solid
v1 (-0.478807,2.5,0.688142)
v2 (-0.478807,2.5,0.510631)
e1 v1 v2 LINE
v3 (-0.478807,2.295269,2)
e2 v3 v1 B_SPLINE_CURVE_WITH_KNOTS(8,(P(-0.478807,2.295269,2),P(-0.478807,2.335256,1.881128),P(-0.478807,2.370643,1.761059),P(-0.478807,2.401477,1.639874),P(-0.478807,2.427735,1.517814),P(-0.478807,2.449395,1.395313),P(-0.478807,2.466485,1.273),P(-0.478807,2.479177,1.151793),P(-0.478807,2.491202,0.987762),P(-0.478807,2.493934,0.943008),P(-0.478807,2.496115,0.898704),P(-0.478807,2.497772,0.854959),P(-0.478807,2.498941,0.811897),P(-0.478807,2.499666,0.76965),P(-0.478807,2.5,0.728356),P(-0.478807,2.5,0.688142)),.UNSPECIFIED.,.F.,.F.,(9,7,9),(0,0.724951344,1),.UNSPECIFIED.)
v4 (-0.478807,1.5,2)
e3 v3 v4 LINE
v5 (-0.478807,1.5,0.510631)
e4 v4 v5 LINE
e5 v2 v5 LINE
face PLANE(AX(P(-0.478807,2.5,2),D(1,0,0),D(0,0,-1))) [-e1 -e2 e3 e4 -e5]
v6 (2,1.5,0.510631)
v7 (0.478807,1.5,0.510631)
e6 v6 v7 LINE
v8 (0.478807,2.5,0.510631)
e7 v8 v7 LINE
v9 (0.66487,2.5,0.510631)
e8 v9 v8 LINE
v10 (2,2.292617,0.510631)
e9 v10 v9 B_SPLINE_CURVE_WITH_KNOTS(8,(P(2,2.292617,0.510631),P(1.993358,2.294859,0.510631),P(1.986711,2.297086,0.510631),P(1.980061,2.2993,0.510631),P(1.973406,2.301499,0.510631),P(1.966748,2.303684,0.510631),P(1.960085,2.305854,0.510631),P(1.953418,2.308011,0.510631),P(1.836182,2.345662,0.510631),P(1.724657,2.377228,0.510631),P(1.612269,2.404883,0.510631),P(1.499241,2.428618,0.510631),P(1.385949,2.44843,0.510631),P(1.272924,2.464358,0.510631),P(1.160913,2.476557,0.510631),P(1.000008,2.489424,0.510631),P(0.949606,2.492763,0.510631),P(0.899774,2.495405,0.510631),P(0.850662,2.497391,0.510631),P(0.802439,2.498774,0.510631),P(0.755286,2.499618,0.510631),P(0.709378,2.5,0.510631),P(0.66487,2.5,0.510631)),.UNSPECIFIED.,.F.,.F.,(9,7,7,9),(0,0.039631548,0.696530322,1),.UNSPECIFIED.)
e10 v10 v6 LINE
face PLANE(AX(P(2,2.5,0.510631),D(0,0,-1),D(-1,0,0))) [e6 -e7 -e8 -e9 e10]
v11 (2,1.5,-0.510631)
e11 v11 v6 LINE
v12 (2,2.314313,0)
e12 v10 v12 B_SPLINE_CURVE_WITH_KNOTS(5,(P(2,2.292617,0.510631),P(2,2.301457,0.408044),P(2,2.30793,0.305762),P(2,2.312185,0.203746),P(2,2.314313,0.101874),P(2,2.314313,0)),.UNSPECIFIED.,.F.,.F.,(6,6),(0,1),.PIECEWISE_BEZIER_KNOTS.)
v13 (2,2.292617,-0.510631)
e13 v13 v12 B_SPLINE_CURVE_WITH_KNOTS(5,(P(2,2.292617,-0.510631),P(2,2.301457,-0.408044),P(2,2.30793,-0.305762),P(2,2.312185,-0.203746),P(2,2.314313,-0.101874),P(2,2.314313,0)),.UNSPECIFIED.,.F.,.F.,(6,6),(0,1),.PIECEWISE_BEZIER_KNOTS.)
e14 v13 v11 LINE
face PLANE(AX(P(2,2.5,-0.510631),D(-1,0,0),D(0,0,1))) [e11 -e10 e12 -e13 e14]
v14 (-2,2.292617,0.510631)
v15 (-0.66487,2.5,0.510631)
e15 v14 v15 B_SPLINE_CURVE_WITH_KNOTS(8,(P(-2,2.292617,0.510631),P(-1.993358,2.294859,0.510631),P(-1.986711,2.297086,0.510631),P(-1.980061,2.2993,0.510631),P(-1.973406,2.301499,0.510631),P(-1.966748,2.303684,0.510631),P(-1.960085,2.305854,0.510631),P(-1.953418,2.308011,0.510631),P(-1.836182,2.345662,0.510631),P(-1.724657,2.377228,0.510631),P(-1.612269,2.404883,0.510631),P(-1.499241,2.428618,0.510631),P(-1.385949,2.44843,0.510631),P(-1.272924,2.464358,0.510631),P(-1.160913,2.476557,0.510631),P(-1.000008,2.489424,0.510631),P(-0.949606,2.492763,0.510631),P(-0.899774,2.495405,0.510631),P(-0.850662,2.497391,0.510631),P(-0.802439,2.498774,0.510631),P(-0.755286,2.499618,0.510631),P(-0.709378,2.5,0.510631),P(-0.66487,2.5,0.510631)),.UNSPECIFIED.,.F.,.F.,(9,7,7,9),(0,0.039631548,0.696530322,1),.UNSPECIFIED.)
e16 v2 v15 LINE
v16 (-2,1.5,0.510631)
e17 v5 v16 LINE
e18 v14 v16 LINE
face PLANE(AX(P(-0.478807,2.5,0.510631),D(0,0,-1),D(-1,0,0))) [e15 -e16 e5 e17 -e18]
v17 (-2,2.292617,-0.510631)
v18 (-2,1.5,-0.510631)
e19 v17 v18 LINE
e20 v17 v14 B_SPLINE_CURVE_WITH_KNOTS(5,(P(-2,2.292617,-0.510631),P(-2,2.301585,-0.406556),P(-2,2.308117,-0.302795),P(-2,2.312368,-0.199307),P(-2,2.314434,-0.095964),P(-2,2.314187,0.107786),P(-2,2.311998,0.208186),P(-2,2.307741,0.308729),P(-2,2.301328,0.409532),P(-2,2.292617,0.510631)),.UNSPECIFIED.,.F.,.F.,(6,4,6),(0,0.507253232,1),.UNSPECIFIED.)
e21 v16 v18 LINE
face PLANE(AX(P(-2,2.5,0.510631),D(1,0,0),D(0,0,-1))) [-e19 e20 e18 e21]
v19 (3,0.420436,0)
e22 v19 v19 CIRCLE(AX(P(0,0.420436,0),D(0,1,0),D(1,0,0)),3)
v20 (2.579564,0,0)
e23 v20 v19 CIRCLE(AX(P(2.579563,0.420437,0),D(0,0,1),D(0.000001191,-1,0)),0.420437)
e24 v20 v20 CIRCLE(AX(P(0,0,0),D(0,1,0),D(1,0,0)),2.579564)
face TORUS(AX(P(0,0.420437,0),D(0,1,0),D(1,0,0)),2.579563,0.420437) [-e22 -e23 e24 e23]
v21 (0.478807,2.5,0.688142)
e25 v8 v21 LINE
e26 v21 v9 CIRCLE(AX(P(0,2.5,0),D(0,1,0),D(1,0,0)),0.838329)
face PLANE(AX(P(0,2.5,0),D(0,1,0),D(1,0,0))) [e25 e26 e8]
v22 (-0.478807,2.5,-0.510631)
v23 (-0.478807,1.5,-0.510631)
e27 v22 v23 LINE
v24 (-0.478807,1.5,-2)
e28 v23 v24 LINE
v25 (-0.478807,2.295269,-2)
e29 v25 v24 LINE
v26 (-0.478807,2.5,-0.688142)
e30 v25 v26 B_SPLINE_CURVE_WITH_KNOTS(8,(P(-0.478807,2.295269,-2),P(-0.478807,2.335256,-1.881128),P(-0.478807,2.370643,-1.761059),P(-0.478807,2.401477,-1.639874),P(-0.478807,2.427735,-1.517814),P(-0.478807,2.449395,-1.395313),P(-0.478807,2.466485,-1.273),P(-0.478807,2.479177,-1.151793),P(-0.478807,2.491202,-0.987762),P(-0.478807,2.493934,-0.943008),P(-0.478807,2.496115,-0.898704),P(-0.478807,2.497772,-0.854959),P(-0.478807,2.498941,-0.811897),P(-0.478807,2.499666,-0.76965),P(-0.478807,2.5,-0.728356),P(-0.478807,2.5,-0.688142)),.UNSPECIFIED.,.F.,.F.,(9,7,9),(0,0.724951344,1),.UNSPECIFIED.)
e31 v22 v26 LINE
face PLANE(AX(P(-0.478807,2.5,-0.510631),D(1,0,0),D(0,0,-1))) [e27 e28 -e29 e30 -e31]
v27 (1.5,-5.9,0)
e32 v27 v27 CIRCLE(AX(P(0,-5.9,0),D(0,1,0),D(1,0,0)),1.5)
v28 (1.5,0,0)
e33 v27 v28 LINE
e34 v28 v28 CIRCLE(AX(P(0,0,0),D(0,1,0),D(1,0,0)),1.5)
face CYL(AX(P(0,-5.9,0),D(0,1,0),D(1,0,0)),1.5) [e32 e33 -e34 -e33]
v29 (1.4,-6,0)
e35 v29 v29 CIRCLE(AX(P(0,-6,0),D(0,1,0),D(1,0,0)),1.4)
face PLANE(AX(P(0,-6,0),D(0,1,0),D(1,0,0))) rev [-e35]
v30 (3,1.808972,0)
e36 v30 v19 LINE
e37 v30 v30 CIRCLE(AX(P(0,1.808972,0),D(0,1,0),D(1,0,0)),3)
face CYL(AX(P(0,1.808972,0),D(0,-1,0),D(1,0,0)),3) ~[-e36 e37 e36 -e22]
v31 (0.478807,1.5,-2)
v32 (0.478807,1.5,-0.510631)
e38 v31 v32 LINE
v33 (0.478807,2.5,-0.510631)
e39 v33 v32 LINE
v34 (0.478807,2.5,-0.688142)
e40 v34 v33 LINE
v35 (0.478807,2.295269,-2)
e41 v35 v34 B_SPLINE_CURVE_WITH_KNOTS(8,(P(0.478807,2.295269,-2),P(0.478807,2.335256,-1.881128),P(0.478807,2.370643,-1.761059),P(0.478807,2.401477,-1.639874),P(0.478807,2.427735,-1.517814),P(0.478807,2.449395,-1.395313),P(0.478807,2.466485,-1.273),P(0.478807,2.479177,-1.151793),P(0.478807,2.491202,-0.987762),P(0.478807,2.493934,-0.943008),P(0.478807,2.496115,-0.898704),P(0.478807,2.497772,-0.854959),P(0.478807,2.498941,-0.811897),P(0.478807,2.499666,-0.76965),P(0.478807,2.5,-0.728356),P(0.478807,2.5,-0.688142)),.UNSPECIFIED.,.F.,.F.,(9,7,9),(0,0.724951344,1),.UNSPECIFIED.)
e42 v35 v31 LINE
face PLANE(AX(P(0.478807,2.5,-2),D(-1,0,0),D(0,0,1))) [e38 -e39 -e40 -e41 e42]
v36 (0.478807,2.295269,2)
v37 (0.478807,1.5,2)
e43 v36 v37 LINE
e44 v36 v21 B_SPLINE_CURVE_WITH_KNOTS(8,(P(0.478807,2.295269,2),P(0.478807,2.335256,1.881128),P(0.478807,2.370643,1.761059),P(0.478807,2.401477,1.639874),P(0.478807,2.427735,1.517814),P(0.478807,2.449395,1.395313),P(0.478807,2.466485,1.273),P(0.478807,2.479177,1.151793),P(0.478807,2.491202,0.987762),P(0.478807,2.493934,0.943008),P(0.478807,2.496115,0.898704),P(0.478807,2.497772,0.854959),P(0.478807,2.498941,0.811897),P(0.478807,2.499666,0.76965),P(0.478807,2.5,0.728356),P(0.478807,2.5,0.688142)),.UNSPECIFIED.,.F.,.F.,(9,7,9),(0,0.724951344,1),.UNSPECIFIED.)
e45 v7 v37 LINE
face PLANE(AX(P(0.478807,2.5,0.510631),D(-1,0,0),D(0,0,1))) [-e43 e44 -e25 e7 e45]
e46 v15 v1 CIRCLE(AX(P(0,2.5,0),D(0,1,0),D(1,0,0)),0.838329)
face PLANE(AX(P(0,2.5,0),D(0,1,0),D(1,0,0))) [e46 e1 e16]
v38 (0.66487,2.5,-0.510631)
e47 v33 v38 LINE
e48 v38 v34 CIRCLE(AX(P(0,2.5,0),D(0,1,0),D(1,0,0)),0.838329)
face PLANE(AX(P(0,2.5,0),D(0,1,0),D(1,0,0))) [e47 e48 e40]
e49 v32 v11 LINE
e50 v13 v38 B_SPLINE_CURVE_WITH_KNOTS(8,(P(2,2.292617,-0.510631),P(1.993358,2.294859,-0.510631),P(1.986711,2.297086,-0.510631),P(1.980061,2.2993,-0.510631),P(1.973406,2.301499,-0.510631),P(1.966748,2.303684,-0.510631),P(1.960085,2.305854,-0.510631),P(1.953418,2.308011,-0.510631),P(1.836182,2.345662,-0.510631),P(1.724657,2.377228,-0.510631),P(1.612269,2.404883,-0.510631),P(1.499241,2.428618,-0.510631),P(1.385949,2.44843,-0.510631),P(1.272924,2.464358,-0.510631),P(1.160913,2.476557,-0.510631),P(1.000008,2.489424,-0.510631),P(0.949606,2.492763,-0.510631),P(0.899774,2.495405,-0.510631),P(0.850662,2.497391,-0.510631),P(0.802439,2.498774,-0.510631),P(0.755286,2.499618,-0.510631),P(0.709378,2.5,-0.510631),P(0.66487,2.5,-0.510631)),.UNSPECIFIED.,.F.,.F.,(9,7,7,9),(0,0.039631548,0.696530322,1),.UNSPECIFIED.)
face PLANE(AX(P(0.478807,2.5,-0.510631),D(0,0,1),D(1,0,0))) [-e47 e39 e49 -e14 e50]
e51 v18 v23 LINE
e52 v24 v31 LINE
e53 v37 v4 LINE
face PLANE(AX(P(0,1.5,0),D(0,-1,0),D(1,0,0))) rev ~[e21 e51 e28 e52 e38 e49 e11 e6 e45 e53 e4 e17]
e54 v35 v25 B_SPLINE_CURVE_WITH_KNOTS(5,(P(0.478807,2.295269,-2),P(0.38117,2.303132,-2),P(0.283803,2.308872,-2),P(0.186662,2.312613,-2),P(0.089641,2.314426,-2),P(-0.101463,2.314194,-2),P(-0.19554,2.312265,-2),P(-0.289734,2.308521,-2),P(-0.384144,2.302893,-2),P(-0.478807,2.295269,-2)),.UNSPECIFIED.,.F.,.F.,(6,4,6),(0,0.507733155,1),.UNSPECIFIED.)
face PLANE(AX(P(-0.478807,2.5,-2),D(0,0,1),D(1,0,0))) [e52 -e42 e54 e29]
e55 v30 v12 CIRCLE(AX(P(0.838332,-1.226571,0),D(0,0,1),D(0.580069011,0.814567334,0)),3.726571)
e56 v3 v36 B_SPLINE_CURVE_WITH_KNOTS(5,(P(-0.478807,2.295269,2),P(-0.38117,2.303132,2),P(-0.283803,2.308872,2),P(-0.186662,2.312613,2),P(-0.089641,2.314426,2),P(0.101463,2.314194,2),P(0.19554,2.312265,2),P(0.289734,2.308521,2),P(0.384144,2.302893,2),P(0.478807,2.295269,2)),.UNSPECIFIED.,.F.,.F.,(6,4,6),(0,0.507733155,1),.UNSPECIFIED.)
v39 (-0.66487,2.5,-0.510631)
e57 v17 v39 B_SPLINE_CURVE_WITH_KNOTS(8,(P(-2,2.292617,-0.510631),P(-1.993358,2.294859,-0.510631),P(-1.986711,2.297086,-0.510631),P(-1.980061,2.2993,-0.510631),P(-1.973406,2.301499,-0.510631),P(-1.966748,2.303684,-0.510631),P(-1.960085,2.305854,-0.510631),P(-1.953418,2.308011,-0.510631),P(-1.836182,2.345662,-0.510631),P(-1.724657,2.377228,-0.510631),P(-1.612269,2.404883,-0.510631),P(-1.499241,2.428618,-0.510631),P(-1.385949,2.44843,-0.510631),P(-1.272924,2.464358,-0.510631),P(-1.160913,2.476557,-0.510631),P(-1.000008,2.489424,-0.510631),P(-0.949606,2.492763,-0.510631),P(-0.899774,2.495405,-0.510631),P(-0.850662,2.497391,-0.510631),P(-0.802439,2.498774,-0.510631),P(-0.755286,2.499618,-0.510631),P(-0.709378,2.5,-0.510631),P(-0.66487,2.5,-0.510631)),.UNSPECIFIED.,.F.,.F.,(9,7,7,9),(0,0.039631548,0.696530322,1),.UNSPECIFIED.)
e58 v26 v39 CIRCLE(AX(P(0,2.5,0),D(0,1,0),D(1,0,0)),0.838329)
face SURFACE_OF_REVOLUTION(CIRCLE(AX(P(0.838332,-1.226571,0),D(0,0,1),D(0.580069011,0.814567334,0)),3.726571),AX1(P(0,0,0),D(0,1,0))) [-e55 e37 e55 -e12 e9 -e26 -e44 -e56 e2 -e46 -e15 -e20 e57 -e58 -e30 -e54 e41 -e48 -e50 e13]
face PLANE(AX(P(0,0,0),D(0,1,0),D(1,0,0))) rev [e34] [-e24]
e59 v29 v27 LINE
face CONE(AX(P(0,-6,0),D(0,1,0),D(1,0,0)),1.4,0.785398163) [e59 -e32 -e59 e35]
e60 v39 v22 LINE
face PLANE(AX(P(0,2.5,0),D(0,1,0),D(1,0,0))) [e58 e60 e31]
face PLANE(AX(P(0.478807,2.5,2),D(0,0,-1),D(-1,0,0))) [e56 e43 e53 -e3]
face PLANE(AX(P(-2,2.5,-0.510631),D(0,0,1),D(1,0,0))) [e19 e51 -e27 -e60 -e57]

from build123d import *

# Parameters (mm, degrees)
POCKET_DEPTH = 1


with BuildPart() as part:
    # Sketch → Revolution (revolve)
    with BuildSketch(Plane.XY):
        with BuildLine():
            Line((0, -6), (1.4, -6))
            Line((1.4, -6), (1.5, -5.9))
            Line((1.5, -5.9), (1.5, 0))
            Line((1.5, 0), (2.579564, 0))
            ThreePointArc((2.579564, 0), (2.876857, 0.123143), (3, 0.420436))
            Line((3, 1.808972), (3, 0.420436))
            ThreePointArc((3, 1.808972), (1.973047, 2.323042), (0.838329, 2.5))
            Line((0.838329, 2.5), (0, 2.5))
            Line((0, 2.5), (0, -6))
        make_face()
    revolve(axis=Axis((0, 0, 0), (0, 1, 0)))

    # Sketch001 (on Face2 of Revolution) → Pocket (cut)
    with BuildSketch(Plane(origin=(0, 2.5, 0), x_dir=(-1, 0, 0), z_dir=(0, 1, 0))):
        Polygon((-0.478807, 2), (0.478807, 2), (0.478807, 0.510631), (2, 0.510631), (2, -0.510631), (0.478807, -0.510631), (0.478807, -2), (-0.478807, -2), (-0.478807, -0.510631), (-2, -0.510631), (-2, 0.510631), (-0.478807, 0.510631), align=None)
    extrude(amount=-POCKET_DEPTH, mode=Mode.SUBTRACT)


solid = part.part
